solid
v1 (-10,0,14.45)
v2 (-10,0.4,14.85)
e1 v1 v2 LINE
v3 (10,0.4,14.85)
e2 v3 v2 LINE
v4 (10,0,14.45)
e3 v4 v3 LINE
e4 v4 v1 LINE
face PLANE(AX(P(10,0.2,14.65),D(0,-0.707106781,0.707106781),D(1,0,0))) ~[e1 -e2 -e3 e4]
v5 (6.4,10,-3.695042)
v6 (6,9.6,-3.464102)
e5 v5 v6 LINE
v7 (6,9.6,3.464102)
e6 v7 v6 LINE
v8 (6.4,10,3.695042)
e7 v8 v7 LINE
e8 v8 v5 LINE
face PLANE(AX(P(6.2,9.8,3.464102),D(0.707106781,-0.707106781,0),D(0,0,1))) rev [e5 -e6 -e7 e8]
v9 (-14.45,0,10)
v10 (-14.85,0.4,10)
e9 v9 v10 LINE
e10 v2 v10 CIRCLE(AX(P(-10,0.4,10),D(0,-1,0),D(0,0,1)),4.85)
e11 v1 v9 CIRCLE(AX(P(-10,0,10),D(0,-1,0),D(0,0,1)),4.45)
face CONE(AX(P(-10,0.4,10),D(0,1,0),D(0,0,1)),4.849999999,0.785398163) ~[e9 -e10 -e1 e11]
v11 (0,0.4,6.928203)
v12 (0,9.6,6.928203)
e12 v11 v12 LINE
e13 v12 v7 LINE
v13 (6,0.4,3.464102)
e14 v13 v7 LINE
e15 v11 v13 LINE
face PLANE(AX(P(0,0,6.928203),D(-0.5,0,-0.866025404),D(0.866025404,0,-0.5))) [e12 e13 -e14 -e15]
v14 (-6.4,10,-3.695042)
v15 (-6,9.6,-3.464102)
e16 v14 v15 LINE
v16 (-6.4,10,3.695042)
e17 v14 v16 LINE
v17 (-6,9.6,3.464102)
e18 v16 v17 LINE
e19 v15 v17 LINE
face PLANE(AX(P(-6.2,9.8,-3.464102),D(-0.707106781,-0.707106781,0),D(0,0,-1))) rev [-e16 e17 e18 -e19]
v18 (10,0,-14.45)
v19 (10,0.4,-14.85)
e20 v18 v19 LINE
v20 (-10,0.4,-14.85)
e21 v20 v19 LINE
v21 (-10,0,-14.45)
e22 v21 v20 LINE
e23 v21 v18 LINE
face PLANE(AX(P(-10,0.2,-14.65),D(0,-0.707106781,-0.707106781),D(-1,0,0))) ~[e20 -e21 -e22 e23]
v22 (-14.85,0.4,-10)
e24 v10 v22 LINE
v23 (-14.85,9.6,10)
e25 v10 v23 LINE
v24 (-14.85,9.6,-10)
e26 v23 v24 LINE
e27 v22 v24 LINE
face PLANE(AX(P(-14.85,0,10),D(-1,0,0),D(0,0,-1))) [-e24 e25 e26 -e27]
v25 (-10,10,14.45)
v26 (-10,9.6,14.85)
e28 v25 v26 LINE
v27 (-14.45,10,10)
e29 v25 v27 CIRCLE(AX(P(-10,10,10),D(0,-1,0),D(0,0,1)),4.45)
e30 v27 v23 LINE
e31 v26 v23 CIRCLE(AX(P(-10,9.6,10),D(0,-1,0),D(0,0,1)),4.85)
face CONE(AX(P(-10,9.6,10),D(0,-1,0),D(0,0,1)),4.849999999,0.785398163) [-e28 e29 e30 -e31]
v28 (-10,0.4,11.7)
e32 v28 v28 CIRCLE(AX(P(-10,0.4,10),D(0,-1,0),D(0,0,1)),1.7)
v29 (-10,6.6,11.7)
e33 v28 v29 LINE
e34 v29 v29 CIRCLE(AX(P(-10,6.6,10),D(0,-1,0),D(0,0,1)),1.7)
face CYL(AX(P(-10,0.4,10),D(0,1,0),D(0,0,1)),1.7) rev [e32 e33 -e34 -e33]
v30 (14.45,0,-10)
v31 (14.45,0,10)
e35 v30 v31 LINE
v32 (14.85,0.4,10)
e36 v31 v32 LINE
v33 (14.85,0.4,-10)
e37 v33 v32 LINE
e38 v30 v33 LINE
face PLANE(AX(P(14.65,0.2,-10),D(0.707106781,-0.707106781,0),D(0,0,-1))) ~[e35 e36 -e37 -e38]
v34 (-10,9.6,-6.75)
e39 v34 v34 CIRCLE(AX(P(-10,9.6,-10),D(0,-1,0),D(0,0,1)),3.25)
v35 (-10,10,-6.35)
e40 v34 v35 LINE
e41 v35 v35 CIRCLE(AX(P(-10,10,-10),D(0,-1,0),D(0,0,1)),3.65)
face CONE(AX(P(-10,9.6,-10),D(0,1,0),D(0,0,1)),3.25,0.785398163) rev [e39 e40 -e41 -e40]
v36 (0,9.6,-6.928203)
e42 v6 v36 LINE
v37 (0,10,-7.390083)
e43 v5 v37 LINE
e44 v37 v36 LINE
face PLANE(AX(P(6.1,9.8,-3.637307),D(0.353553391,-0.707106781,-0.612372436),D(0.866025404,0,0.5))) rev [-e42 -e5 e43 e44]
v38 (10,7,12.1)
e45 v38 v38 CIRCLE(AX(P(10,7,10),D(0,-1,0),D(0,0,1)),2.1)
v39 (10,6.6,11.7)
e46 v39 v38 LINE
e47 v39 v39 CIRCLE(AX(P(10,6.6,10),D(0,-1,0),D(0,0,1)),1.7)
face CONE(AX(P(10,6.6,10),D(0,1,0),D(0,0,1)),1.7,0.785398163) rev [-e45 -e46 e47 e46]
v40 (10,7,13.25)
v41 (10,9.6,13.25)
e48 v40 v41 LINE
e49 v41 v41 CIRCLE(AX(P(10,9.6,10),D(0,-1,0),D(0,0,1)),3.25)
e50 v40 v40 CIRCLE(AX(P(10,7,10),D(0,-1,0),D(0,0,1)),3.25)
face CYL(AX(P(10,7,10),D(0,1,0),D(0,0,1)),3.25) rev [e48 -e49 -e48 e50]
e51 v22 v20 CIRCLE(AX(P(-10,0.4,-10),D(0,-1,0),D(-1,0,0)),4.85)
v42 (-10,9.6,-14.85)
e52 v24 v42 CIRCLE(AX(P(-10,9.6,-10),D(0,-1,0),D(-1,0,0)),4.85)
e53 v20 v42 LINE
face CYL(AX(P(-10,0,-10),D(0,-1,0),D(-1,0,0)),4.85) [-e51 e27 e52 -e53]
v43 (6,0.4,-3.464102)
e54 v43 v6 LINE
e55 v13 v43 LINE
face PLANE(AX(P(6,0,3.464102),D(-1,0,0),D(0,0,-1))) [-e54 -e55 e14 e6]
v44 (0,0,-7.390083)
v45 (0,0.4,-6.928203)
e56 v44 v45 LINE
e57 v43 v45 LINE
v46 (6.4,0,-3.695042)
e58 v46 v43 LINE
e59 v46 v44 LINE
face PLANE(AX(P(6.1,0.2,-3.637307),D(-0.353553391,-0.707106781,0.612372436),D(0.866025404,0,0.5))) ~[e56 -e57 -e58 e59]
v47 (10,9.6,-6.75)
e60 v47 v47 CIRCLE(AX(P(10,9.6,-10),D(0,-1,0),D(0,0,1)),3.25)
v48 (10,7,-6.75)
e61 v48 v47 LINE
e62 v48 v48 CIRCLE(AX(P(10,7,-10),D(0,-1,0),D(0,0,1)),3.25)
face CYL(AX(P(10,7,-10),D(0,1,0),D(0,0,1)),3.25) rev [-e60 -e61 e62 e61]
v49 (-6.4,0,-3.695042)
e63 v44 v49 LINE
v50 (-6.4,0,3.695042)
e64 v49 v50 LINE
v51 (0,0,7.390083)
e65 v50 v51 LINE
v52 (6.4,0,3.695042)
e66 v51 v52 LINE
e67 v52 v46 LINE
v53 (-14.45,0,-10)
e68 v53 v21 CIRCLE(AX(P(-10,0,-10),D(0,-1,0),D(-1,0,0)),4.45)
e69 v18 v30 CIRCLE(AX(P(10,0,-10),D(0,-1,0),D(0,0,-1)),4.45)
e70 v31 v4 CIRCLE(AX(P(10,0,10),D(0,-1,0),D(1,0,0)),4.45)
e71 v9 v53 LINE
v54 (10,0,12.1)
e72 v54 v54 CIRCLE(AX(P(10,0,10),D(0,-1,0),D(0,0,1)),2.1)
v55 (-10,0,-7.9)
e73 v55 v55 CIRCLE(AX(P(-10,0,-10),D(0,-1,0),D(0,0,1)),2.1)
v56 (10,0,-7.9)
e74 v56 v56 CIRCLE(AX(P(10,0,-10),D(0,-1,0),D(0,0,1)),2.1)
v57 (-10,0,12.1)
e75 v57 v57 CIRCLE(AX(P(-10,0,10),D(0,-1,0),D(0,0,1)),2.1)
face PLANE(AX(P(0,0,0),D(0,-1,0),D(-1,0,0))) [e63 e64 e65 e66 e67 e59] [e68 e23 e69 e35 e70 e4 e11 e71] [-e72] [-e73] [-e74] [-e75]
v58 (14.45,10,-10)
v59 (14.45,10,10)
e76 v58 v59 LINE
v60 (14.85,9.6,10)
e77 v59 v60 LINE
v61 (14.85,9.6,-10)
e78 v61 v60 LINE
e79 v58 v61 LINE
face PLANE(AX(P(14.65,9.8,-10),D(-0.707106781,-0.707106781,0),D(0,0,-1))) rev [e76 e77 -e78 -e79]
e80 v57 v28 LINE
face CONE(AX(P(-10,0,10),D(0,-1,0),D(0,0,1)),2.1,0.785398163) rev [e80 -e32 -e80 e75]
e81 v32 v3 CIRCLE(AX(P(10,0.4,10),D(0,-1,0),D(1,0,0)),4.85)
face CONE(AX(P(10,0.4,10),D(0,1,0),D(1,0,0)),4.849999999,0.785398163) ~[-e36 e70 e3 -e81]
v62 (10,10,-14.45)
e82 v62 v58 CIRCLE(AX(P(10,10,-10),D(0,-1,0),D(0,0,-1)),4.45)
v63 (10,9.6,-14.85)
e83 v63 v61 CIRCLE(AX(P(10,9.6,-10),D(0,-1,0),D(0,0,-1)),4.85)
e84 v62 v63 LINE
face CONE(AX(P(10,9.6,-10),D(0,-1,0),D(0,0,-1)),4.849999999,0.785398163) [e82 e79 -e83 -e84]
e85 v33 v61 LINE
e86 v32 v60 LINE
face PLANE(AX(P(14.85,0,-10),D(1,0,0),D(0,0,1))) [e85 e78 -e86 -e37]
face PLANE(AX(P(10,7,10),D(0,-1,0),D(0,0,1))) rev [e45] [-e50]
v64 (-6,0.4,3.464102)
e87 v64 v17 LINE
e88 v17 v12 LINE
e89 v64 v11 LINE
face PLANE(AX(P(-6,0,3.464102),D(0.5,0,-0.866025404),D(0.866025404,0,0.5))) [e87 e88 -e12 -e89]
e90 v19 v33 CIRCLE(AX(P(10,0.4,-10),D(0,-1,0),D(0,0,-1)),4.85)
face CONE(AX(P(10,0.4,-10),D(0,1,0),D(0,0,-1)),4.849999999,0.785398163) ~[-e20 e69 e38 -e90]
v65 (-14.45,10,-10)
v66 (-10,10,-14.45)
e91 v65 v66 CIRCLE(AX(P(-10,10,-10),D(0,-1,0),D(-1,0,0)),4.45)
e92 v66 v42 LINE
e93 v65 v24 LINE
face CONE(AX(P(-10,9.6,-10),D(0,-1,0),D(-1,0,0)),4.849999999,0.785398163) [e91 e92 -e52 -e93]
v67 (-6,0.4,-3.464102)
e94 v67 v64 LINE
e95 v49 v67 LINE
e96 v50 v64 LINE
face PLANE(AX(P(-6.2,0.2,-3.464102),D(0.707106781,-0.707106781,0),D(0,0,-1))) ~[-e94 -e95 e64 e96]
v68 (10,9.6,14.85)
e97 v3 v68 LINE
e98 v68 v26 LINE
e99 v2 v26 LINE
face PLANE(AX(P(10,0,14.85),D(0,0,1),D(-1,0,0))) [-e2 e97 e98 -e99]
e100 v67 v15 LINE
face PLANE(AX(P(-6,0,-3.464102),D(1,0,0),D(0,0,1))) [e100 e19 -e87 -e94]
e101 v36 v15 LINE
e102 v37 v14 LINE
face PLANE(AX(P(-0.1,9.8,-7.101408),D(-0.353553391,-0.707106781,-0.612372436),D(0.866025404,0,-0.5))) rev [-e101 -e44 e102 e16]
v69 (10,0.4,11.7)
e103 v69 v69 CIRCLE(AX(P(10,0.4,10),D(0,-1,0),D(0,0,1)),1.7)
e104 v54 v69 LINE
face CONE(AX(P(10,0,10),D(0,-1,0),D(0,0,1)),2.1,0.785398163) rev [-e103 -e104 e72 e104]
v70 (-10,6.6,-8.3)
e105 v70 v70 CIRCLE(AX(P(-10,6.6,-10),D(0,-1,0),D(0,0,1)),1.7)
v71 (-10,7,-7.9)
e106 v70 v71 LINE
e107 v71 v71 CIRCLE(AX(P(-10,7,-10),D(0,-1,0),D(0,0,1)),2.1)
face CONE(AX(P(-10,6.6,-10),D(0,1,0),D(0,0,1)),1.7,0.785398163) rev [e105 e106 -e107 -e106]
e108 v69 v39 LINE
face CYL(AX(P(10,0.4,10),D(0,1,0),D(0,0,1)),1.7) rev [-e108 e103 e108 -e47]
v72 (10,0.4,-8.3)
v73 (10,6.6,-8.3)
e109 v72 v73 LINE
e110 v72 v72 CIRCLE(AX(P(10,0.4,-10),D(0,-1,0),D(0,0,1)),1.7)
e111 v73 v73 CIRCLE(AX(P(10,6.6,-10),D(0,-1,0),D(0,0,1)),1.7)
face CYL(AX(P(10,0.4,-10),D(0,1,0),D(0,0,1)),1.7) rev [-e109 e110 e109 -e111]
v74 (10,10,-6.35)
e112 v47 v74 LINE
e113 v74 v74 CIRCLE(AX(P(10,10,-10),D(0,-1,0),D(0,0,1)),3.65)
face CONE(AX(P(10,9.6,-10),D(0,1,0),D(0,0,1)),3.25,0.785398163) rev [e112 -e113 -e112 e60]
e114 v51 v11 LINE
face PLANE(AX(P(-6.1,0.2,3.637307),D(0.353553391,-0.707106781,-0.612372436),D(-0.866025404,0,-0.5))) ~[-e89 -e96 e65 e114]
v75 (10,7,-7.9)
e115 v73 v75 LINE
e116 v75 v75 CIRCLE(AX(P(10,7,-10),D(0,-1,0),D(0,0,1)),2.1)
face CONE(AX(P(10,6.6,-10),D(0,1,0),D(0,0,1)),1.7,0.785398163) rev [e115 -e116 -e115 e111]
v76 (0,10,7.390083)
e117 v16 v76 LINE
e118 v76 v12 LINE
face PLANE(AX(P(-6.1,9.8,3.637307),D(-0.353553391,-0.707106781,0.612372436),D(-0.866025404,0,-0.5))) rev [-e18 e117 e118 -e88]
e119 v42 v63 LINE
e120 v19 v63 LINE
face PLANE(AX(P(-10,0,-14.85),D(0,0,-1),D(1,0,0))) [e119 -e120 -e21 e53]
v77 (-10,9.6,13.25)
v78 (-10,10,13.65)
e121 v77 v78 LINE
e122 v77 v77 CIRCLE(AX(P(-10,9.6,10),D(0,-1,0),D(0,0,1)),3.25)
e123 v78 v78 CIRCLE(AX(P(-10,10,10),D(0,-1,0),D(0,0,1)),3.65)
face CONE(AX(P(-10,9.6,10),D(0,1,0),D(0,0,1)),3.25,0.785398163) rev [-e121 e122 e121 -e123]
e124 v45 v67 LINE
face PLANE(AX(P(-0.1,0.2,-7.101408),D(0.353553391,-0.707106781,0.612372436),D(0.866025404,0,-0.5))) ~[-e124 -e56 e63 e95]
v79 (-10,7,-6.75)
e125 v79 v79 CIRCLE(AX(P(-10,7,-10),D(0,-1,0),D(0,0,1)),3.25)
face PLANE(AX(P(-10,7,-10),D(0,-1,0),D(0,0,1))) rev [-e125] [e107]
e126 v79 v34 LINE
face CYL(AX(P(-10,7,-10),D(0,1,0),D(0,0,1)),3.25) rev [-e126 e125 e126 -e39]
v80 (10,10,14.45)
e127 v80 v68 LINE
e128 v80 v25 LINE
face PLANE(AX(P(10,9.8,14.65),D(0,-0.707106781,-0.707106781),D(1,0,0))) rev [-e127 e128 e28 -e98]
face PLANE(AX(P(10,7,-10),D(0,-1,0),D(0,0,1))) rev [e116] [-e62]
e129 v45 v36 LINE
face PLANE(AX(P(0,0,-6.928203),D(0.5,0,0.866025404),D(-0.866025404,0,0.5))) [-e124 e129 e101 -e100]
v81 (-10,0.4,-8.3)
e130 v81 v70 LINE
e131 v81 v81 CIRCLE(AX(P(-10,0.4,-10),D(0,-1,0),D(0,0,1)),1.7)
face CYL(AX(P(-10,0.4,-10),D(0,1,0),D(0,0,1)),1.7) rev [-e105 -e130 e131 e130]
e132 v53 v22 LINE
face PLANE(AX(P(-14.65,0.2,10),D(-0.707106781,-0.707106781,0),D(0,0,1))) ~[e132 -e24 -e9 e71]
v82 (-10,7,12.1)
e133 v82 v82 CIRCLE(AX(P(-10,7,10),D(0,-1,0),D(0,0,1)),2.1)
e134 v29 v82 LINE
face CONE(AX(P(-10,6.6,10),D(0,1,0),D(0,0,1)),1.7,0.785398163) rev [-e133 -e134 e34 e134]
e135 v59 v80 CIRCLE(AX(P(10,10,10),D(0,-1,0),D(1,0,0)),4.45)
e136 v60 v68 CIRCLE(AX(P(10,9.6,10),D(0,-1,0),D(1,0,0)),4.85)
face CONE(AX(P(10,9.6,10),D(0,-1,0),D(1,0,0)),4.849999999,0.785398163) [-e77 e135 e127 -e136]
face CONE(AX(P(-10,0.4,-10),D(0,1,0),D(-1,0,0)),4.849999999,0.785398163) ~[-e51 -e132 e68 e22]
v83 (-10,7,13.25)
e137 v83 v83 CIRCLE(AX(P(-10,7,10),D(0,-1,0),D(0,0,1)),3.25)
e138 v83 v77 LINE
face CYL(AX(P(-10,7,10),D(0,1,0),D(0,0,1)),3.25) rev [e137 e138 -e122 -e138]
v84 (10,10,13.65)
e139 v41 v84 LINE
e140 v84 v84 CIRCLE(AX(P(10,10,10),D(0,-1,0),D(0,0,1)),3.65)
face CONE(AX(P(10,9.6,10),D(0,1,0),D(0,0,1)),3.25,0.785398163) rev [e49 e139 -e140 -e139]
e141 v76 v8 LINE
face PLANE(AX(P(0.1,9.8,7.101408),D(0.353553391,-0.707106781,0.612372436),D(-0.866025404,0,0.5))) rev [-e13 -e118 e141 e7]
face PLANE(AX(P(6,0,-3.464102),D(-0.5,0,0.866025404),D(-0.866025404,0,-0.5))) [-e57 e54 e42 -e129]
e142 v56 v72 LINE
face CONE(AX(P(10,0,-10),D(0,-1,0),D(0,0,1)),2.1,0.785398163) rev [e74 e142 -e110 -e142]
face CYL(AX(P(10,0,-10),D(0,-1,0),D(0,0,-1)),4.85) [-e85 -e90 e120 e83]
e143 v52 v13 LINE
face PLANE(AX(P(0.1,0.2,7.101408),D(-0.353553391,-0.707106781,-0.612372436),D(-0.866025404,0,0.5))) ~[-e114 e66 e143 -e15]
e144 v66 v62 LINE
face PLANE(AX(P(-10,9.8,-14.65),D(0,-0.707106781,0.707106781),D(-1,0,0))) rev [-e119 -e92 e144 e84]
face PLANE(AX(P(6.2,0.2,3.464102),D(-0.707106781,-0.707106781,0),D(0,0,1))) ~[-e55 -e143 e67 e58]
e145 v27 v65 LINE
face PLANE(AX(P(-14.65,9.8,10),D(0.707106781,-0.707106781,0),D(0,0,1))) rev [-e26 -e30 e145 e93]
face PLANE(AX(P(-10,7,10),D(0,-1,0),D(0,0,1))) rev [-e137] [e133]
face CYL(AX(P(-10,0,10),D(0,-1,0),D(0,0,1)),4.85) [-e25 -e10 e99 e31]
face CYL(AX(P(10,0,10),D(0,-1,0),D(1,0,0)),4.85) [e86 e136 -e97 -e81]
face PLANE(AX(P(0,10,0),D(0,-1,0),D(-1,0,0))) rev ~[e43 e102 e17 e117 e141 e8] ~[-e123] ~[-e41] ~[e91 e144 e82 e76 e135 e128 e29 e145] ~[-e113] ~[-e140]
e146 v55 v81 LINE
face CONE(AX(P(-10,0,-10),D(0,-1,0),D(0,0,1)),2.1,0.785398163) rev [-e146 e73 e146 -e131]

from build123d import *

# Parameters (mm, degrees)
BOSS_EXTRUDE1_DEPTH           = 10
CBORE_FOR_M3_SHCS1_AT_2_COUNT = 2
CBORE_FOR_M3_SHCS1_AT_2_PITCH = 20
CBORE_FOR_M3_SHCS1_AT_3_COUNT = 2
CBORE_FOR_M3_SHCS1_AT_3_PITCH = 28.284271247
CBORE_FOR_M3_SHCS1_AT_4_COUNT = 2
CBORE_FOR_M3_SHCS1_AT_4_PITCH = 20
CHAMFER1_SIZE                 = 0.4


with BuildPart() as part:
    # Sketch3 → Boss-Extrude1 (new body)
    with BuildSketch(Plane(origin=(0, 0, 0), x_dir=(1, 0, 0), z_dir=(0, 1, 0))):
        with BuildLine():
            Line((-14.85, -10), (-14.85, 10))
            ThreePointArc((-14.85, 10), (-13.429467889, 13.429467889), (-10, 14.85))
            Line((-10, 14.85), (10, 14.85))
            ThreePointArc((10, 14.85), (13.429467889, 13.429467889), (14.85, 10))
            Line((14.85, 10), (14.85, -10))
            ThreePointArc((14.85, -10), (13.429467889, -13.429467889), (10, -14.85))
            Line((10, -14.85), (-10, -14.85))
            ThreePointArc((-10, -14.85), (-13.429467889, -13.429467889), (-14.85, -10))
        make_face()
        Polygon((-6, 3.464101615), (-6, -3.464101615), (0, -6.92820323), (6, -3.464101615), (6, 3.464101615), (0, 6.92820323), align=None, mode=Mode.SUBTRACT)
    extrude(amount=BOSS_EXTRUDE1_DEPTH)

    # Sketch5 → CBORE for M3 SHCS1 (revolve, cut)
    with BuildSketch(Plane(origin=(-10, 10, -10), x_dir=(0, 0, 1), z_dir=(1, 0, 0))):
        Polygon((0, 0), (0, 10), (2.1, 10), (1.7, 9.6), (1.7, 3.4), (2.1, 3), (3.25, 3), (3.25, 0.4), (3.65, 0), align=None)
    cbore_for_m3_shcs1 = revolve(axis=Axis((-10, 16.35, -10), (0, -1, 0)), mode=Mode.SUBTRACT)

    # CBORE for M3 SHCS1 at 2: CBORE for M3 SHCS1 ×2
    with Locations(*[(i * CBORE_FOR_M3_SHCS1_AT_2_PITCH, 0, 0) for i in range(1, CBORE_FOR_M3_SHCS1_AT_2_COUNT)]):
        add(cbore_for_m3_shcs1, mode=Mode.SUBTRACT)

    # CBORE for M3 SHCS1 at 3: CBORE for M3 SHCS1 ×2
    with Locations(*[Vector(0.7071067811865476, 0, 0.7071067811865476) * (i * CBORE_FOR_M3_SHCS1_AT_3_PITCH) for i in range(1, CBORE_FOR_M3_SHCS1_AT_3_COUNT)]):
        add(cbore_for_m3_shcs1, mode=Mode.SUBTRACT)

    # CBORE for M3 SHCS1 at 4: CBORE for M3 SHCS1 ×2
    with Locations(*[(0, 0, i * CBORE_FOR_M3_SHCS1_AT_4_PITCH) for i in range(1, CBORE_FOR_M3_SHCS1_AT_4_COUNT)]):
        add(cbore_for_m3_shcs1, mode=Mode.SUBTRACT)

    # Chamfer1
    chamfer1_edges = [part.edges().sort_by_distance(p)[0] for p in [
        (14.85, 0, 0),
        (13.429467889, 0, 13.429467889),
        (0, 0, 14.85),
        (-13.429467889, 0, 13.429467889),
        (13.429467889, 10, 13.429467889),
        (14.85, 10, 0),
        (13.429467889, 10, -13.429467889),
        (0, 10, -14.85),
        (-3, 0, -5.196152423),
        (-6, 0, 0),
        (-3, 0, 5.196152423),
        (3, 0, 5.196152423),
        (6, 0, 0),
        (3, 0, -5.196152423),
        (-3, 10, -5.196152423),
        (-6, 10, 0),
        (-13.429467889, 10, -13.429467889),
        (-3, 10, 5.196152423),
        (3, 10, 5.196152423),
        (6, 10, 0),
        (3, 10, -5.196152423),
        (-14.85, 10, 0),
        (-13.429467889, 10, 13.429467889),
        (-14.85, 0, 0),
        (0, 10, 14.85),
        (-13.429467889, 0, -13.429467889),
        (0, 0, -14.85),
        (13.429467889, 0, -13.429467889),
    ]]
    chamfer(chamfer1_edges, length=CHAMFER1_SIZE)


solid = part.part
